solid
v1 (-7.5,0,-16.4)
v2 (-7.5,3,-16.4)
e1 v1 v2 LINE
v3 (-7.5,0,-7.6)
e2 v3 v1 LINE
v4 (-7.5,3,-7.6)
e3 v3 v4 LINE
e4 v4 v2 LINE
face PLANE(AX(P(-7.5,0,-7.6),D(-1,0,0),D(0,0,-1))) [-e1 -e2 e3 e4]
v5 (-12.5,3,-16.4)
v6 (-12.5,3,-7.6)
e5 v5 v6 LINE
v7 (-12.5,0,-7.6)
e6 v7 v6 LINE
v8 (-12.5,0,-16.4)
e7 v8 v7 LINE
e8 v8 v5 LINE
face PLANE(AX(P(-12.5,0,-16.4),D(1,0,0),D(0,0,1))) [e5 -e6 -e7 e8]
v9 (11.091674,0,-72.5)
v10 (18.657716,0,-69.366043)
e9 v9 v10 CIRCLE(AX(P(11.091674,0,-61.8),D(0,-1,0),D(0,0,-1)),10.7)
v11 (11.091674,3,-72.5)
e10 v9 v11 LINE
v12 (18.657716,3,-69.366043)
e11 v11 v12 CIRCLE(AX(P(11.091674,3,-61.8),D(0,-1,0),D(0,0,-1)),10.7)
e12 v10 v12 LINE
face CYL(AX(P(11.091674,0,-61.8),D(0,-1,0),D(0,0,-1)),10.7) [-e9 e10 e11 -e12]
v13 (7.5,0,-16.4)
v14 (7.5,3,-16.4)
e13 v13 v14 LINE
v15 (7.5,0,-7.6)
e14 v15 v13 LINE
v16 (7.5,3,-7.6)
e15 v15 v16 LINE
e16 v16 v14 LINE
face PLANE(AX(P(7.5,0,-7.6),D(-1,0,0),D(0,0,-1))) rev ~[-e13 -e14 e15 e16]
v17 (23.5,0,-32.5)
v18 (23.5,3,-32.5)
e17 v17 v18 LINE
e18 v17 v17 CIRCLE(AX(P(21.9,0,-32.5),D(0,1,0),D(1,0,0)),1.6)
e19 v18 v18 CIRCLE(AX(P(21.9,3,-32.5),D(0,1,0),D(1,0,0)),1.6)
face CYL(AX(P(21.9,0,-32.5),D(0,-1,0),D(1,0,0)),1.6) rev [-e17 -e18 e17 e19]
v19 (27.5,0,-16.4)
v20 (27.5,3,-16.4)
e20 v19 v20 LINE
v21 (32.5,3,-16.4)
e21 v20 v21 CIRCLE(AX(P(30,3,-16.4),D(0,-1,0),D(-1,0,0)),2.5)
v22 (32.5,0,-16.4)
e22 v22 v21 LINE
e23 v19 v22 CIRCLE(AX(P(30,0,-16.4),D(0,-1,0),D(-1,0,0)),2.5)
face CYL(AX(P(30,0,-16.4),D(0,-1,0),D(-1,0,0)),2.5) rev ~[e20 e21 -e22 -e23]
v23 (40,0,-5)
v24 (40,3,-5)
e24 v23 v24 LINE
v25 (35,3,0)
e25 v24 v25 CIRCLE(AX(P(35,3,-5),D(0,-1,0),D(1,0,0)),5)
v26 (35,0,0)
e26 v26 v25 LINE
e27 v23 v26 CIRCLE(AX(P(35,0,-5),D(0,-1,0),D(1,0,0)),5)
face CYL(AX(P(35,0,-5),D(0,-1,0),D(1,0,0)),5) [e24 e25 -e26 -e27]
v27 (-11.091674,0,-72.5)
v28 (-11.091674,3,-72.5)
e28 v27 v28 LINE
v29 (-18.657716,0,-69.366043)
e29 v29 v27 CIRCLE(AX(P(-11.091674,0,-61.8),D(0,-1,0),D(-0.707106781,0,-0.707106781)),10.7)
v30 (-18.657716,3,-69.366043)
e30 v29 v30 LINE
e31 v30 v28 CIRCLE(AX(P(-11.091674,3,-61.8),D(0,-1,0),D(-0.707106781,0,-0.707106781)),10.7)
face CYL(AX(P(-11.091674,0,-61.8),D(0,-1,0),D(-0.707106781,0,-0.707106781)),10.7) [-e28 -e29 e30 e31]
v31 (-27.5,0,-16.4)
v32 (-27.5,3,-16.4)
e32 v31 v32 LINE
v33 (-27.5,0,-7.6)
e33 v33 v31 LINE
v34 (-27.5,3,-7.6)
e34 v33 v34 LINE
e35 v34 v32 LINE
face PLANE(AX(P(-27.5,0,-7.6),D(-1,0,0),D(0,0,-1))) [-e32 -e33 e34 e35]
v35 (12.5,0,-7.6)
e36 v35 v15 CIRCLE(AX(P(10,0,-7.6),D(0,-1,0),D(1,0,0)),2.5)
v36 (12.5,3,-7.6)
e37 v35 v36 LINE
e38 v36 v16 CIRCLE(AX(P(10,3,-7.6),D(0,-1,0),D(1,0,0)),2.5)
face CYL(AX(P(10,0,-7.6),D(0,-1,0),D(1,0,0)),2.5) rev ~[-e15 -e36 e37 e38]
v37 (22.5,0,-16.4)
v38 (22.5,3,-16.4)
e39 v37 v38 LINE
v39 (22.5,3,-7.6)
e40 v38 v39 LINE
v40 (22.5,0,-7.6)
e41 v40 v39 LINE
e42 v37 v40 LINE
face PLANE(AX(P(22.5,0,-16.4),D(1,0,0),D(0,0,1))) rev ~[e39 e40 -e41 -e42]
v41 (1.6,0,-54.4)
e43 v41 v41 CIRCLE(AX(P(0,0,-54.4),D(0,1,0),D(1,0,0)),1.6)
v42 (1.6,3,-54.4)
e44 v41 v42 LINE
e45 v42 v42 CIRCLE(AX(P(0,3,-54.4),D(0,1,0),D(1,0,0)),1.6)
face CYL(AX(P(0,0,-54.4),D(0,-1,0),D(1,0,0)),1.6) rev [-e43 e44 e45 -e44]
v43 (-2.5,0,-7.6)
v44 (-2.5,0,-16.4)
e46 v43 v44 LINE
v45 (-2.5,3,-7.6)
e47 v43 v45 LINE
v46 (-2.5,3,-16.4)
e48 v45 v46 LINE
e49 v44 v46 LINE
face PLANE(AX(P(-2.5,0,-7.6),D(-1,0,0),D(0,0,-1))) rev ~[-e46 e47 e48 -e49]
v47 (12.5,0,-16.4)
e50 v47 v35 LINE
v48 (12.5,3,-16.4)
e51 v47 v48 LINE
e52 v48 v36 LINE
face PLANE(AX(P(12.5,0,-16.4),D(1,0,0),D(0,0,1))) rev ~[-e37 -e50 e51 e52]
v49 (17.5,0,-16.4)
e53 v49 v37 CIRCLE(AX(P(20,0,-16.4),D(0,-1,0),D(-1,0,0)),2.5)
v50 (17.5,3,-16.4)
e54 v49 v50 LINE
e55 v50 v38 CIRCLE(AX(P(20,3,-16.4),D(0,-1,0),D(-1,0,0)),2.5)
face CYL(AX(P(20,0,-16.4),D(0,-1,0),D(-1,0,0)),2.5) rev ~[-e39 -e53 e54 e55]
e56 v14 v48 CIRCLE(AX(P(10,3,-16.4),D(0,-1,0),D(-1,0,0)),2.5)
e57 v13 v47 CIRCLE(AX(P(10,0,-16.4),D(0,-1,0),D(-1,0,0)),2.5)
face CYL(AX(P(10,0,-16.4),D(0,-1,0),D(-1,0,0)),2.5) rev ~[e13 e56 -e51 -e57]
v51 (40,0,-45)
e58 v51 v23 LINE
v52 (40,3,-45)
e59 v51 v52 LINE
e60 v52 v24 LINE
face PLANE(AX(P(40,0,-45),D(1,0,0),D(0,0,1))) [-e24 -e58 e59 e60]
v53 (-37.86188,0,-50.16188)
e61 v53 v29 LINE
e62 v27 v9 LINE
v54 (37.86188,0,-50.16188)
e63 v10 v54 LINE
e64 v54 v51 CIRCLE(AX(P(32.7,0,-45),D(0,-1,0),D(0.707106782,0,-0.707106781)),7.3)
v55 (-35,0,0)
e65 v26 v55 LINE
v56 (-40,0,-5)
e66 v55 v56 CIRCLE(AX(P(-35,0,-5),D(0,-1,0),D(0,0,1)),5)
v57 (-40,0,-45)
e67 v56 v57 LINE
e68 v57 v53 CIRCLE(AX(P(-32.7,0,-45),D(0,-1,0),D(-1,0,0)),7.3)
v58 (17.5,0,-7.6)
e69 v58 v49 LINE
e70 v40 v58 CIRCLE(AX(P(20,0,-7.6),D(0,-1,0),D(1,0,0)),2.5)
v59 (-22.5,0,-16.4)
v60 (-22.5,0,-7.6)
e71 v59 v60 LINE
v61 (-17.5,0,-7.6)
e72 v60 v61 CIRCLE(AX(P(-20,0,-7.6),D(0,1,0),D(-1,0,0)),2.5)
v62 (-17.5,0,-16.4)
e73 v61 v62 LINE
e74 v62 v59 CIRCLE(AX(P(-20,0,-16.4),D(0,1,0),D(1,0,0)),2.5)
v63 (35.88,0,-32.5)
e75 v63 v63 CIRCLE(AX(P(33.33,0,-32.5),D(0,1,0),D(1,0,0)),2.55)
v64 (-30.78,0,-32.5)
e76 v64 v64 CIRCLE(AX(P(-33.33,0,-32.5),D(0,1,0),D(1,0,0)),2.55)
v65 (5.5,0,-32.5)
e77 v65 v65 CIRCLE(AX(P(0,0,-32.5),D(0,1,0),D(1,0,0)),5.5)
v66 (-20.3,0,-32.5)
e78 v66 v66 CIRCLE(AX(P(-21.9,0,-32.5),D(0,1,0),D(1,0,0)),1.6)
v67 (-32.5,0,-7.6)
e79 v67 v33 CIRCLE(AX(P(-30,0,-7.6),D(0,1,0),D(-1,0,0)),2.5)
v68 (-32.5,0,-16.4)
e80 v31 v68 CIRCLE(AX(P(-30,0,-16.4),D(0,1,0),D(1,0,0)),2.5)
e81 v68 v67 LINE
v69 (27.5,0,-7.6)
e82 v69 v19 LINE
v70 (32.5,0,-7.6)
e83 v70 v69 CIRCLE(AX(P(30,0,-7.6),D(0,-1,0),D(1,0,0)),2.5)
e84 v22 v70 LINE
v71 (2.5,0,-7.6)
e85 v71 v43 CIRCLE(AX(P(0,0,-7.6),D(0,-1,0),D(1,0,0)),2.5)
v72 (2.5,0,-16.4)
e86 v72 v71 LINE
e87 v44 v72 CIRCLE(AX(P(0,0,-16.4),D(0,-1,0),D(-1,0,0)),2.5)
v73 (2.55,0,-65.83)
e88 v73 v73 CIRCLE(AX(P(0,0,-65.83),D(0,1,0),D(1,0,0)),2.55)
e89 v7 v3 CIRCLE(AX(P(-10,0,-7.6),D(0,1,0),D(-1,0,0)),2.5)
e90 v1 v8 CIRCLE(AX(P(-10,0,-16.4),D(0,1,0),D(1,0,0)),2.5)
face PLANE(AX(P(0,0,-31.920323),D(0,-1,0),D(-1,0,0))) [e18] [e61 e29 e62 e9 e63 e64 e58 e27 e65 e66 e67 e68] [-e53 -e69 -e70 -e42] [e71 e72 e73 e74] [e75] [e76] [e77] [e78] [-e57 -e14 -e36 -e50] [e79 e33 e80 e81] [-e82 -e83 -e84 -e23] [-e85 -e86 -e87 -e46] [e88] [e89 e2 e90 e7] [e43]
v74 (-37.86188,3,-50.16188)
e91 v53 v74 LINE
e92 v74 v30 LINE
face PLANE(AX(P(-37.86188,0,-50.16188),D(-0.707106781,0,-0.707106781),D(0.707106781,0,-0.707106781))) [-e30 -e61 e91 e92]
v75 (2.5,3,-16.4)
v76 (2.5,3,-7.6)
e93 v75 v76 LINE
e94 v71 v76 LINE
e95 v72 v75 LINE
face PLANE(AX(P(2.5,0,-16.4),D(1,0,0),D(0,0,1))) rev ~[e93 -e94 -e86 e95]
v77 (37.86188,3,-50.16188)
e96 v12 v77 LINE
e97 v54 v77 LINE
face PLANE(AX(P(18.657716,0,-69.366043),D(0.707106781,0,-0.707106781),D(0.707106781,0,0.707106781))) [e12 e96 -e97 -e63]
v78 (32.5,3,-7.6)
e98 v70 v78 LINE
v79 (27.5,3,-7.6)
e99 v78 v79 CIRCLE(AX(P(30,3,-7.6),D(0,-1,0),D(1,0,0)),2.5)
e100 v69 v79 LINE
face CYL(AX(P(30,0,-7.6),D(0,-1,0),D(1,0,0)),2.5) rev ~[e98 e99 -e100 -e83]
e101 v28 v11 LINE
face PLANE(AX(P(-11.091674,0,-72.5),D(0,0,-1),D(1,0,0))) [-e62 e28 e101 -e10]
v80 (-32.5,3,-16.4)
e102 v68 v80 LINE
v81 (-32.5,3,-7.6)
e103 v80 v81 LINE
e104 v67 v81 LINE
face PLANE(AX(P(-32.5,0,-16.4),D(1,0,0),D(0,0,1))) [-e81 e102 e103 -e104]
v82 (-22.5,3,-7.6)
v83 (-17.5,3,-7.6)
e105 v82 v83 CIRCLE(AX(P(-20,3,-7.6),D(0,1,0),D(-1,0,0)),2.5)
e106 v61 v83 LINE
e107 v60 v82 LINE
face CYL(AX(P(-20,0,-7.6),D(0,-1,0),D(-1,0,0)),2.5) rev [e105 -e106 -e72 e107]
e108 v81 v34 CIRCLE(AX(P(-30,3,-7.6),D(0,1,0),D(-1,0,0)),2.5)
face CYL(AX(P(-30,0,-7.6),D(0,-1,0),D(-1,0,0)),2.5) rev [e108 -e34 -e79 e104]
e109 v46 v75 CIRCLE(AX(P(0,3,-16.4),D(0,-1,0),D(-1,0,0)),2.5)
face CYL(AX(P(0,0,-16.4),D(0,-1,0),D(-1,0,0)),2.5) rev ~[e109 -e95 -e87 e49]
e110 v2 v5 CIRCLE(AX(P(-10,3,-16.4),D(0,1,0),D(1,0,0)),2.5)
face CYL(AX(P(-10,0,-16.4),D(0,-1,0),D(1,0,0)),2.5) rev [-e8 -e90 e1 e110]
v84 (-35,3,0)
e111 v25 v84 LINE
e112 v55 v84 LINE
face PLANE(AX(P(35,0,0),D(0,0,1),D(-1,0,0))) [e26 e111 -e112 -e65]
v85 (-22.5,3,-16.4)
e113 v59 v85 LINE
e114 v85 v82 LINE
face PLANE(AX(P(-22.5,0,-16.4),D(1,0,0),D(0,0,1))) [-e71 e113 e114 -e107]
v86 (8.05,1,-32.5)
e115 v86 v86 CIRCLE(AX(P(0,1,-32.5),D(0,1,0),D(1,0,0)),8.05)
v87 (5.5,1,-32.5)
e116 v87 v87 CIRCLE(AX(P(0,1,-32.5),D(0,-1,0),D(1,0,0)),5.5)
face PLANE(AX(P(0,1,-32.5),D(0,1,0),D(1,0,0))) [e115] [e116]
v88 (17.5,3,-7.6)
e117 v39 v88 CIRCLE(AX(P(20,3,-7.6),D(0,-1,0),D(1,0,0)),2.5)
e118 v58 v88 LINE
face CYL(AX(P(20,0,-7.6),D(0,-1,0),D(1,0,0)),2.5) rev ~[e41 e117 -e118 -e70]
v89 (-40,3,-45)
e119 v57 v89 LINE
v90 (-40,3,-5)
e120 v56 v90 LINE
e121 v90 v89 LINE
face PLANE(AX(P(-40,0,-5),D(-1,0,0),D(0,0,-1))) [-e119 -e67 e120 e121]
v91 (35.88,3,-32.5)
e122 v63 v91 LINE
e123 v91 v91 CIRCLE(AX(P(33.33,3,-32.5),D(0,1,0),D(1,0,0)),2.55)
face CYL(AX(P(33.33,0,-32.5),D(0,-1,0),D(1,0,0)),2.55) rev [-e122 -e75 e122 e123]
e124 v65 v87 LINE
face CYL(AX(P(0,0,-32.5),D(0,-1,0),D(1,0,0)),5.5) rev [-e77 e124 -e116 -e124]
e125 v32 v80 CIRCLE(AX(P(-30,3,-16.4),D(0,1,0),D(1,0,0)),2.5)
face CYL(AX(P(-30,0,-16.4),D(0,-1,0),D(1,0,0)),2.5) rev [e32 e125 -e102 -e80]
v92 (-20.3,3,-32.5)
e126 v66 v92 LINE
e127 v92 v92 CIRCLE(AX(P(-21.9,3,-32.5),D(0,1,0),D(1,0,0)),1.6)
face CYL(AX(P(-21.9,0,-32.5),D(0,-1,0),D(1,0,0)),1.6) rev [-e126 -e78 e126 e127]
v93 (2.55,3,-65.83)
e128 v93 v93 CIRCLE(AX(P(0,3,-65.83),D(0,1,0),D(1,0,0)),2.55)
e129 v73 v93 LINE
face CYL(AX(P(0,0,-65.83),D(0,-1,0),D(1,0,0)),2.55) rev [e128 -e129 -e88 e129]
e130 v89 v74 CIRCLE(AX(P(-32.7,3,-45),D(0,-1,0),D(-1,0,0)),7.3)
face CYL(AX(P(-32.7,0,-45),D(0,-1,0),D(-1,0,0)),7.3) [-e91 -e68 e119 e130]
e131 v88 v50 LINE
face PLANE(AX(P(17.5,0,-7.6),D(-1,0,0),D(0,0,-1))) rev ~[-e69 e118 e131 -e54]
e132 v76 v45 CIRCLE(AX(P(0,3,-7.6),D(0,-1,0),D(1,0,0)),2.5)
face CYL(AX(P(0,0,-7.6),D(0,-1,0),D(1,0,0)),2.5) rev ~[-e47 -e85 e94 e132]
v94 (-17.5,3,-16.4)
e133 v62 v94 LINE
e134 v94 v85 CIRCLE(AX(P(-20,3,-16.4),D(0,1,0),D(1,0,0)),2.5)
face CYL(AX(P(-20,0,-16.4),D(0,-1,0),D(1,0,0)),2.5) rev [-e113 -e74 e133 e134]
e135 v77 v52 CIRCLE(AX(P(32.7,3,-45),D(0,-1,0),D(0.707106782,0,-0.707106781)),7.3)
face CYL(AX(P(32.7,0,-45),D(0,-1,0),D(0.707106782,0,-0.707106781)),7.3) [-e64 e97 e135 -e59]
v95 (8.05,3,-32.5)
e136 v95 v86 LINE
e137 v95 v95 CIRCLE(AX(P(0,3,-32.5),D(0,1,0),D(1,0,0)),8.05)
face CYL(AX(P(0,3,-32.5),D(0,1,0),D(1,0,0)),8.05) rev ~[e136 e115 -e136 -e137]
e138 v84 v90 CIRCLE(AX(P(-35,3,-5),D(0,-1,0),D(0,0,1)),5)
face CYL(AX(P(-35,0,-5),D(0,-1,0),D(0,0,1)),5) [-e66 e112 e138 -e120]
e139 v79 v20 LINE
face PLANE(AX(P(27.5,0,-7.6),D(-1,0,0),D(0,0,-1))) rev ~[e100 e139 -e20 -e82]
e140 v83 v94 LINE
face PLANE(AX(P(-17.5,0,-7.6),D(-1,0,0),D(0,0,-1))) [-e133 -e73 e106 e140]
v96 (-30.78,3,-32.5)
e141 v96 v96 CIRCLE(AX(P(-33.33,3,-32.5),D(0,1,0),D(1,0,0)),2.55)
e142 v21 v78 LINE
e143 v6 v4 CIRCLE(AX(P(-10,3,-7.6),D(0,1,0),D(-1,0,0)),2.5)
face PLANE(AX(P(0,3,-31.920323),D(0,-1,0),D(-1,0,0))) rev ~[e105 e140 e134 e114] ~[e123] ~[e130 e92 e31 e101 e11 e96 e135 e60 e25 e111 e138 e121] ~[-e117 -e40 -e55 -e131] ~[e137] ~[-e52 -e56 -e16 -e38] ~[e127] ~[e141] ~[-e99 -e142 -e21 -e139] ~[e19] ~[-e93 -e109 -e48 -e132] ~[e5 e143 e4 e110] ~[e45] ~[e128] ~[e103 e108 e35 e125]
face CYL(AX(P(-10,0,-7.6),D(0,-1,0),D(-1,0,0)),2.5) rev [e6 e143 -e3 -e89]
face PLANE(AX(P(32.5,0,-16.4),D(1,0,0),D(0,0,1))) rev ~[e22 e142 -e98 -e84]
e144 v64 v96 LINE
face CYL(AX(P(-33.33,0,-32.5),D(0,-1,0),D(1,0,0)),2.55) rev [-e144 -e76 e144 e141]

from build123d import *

# Parameters (mm, degrees)
SKETCH1_R           = 5.5
SKETCH1_R_2         = 2.55
SKETCH1_R_3         = 1.6
BOSS_EXTRUDE1_DEPTH = 3
SKETCH2_R           = 8.05
CUT_EXTRUDE1_DEPTH  = 2


with BuildPart() as part:
    # Sketch1 → Boss-Extrude1 (new body)
    with BuildSketch(Plane(origin=(0, 0, 0), x_dir=(1, 0, 0), z_dir=(0, 1, 0))):
        with BuildLine():
            Line((-37.861879503, 50.161879503), (-18.657716447, 69.366042559))
            ThreePointArc((-18.657716447, 69.366042559), (-15.186386614, 71.685510998), (-11.091673888, 72.5))
            Line((-11.091673888, 72.5), (11.091673888, 72.5))
            ThreePointArc((11.091673888, 72.5), (15.186386614, 71.685510998), (18.657716447, 69.366042559))
            Line((18.657716447, 69.366042559), (37.861879503, 50.161879503))
            ThreePointArc((37.861879503, 50.161879503), (39.444320587, 47.793589056), (40, 45))
            Line((40, 45), (40, 5))
            ThreePointArc((40, 5), (38.535533906, 1.464466094), (35, 0))
            Line((35, 0), (-35, 0))
            ThreePointArc((-35, 0), (-38.535533906, 1.464466094), (-40, 5))
            Line((-40, 5), (-40, 45))
            ThreePointArc((-40, 45), (-39.444320587, 47.793589056), (-37.861879503, 50.161879503))
        make_face()
        with Locations((0, 32.5)):
            Circle(SKETCH1_R, mode=Mode.SUBTRACT)
        with Locations((0, 65.83)):
            Circle(SKETCH1_R_2, mode=Mode.SUBTRACT)
        with Locations((0, 54.4)):
            Circle(SKETCH1_R_3, mode=Mode.SUBTRACT)
        with Locations((-33.33, 32.5)):
            Circle(SKETCH1_R_2, mode=Mode.SUBTRACT)
        with Locations((-21.9, 32.5)):
            Circle(SKETCH1_R_3, mode=Mode.SUBTRACT)
        with Locations((33.33, 32.5)):
            Circle(SKETCH1_R_2, mode=Mode.SUBTRACT)
        with Locations((21.9, 32.5)):
            Circle(SKETCH1_R_3, mode=Mode.SUBTRACT)
        with BuildLine():
            Line((-2.5, 7.6), (-2.5, 16.4))
            ThreePointArc((-2.5, 16.4), (0, 18.9), (2.5, 16.4))
            Line((2.5, 16.4), (2.5, 7.6))
            ThreePointArc((2.5, 7.6), (0, 5.1), (-2.5, 7.6))
        make_face(mode=Mode.SUBTRACT)
        with BuildLine():
            Line((7.5, 7.6), (7.5, 16.4))
            ThreePointArc((7.5, 16.4), (10, 18.9), (12.5, 16.4))
            Line((12.5, 16.4), (12.5, 7.6))
            ThreePointArc((12.5, 7.6), (10, 5.1), (7.5, 7.6))
        make_face(mode=Mode.SUBTRACT)
        with BuildLine():
            Line((17.5, 7.6), (17.5, 16.4))
            ThreePointArc((17.5, 16.4), (20, 18.9), (22.5, 16.4))
            Line((22.5, 16.4), (22.5, 7.6))
            ThreePointArc((22.5, 7.6), (20, 5.1), (17.5, 7.6))
        make_face(mode=Mode.SUBTRACT)
        with BuildLine():
            Line((27.5, 7.6), (27.5, 16.4))
            ThreePointArc((27.5, 16.4), (30, 18.9), (32.5, 16.4))
            Line((32.5, 16.4), (32.5, 7.6))
            ThreePointArc((32.5, 7.6), (30, 5.1), (27.5, 7.6))
        make_face(mode=Mode.SUBTRACT)
        with BuildLine():
            Line((-7.5, 7.6), (-7.5, 16.4))
            ThreePointArc((-7.5, 16.4), (-10, 18.9), (-12.5, 16.4))
            Line((-12.5, 16.4), (-12.5, 7.6))
            ThreePointArc((-12.5, 7.6), (-10, 5.1), (-7.5, 7.6))
        make_face(mode=Mode.SUBTRACT)
        with BuildLine():
            Line((-17.5, 7.6), (-17.5, 16.4))
            ThreePointArc((-17.5, 16.4), (-20, 18.9), (-22.5, 16.4))
            Line((-22.5, 16.4), (-22.5, 7.6))
            ThreePointArc((-22.5, 7.6), (-20, 5.1), (-17.5, 7.6))
        make_face(mode=Mode.SUBTRACT)
        with BuildLine():
            Line((-27.5, 7.6), (-27.5, 16.4))
            ThreePointArc((-27.5, 16.4), (-30, 18.9), (-32.5, 16.4))
            Line((-32.5, 16.4), (-32.5, 7.6))
            ThreePointArc((-32.5, 7.6), (-30, 5.1), (-27.5, 7.6))
        make_face(mode=Mode.SUBTRACT)
    extrude(amount=BOSS_EXTRUDE1_DEPTH)

    # Sketch2 → Cut-Extrude1 (cut)
    with BuildSketch(Plane(origin=(0, 3, 0), x_dir=(1, 0, 0), z_dir=(0, 1, 0))):
        with Locations((0, 32.5)):
            Circle(SKETCH2_R)
    extrude(amount=-CUT_EXTRUDE1_DEPTH, mode=Mode.SUBTRACT)


solid = part.part
